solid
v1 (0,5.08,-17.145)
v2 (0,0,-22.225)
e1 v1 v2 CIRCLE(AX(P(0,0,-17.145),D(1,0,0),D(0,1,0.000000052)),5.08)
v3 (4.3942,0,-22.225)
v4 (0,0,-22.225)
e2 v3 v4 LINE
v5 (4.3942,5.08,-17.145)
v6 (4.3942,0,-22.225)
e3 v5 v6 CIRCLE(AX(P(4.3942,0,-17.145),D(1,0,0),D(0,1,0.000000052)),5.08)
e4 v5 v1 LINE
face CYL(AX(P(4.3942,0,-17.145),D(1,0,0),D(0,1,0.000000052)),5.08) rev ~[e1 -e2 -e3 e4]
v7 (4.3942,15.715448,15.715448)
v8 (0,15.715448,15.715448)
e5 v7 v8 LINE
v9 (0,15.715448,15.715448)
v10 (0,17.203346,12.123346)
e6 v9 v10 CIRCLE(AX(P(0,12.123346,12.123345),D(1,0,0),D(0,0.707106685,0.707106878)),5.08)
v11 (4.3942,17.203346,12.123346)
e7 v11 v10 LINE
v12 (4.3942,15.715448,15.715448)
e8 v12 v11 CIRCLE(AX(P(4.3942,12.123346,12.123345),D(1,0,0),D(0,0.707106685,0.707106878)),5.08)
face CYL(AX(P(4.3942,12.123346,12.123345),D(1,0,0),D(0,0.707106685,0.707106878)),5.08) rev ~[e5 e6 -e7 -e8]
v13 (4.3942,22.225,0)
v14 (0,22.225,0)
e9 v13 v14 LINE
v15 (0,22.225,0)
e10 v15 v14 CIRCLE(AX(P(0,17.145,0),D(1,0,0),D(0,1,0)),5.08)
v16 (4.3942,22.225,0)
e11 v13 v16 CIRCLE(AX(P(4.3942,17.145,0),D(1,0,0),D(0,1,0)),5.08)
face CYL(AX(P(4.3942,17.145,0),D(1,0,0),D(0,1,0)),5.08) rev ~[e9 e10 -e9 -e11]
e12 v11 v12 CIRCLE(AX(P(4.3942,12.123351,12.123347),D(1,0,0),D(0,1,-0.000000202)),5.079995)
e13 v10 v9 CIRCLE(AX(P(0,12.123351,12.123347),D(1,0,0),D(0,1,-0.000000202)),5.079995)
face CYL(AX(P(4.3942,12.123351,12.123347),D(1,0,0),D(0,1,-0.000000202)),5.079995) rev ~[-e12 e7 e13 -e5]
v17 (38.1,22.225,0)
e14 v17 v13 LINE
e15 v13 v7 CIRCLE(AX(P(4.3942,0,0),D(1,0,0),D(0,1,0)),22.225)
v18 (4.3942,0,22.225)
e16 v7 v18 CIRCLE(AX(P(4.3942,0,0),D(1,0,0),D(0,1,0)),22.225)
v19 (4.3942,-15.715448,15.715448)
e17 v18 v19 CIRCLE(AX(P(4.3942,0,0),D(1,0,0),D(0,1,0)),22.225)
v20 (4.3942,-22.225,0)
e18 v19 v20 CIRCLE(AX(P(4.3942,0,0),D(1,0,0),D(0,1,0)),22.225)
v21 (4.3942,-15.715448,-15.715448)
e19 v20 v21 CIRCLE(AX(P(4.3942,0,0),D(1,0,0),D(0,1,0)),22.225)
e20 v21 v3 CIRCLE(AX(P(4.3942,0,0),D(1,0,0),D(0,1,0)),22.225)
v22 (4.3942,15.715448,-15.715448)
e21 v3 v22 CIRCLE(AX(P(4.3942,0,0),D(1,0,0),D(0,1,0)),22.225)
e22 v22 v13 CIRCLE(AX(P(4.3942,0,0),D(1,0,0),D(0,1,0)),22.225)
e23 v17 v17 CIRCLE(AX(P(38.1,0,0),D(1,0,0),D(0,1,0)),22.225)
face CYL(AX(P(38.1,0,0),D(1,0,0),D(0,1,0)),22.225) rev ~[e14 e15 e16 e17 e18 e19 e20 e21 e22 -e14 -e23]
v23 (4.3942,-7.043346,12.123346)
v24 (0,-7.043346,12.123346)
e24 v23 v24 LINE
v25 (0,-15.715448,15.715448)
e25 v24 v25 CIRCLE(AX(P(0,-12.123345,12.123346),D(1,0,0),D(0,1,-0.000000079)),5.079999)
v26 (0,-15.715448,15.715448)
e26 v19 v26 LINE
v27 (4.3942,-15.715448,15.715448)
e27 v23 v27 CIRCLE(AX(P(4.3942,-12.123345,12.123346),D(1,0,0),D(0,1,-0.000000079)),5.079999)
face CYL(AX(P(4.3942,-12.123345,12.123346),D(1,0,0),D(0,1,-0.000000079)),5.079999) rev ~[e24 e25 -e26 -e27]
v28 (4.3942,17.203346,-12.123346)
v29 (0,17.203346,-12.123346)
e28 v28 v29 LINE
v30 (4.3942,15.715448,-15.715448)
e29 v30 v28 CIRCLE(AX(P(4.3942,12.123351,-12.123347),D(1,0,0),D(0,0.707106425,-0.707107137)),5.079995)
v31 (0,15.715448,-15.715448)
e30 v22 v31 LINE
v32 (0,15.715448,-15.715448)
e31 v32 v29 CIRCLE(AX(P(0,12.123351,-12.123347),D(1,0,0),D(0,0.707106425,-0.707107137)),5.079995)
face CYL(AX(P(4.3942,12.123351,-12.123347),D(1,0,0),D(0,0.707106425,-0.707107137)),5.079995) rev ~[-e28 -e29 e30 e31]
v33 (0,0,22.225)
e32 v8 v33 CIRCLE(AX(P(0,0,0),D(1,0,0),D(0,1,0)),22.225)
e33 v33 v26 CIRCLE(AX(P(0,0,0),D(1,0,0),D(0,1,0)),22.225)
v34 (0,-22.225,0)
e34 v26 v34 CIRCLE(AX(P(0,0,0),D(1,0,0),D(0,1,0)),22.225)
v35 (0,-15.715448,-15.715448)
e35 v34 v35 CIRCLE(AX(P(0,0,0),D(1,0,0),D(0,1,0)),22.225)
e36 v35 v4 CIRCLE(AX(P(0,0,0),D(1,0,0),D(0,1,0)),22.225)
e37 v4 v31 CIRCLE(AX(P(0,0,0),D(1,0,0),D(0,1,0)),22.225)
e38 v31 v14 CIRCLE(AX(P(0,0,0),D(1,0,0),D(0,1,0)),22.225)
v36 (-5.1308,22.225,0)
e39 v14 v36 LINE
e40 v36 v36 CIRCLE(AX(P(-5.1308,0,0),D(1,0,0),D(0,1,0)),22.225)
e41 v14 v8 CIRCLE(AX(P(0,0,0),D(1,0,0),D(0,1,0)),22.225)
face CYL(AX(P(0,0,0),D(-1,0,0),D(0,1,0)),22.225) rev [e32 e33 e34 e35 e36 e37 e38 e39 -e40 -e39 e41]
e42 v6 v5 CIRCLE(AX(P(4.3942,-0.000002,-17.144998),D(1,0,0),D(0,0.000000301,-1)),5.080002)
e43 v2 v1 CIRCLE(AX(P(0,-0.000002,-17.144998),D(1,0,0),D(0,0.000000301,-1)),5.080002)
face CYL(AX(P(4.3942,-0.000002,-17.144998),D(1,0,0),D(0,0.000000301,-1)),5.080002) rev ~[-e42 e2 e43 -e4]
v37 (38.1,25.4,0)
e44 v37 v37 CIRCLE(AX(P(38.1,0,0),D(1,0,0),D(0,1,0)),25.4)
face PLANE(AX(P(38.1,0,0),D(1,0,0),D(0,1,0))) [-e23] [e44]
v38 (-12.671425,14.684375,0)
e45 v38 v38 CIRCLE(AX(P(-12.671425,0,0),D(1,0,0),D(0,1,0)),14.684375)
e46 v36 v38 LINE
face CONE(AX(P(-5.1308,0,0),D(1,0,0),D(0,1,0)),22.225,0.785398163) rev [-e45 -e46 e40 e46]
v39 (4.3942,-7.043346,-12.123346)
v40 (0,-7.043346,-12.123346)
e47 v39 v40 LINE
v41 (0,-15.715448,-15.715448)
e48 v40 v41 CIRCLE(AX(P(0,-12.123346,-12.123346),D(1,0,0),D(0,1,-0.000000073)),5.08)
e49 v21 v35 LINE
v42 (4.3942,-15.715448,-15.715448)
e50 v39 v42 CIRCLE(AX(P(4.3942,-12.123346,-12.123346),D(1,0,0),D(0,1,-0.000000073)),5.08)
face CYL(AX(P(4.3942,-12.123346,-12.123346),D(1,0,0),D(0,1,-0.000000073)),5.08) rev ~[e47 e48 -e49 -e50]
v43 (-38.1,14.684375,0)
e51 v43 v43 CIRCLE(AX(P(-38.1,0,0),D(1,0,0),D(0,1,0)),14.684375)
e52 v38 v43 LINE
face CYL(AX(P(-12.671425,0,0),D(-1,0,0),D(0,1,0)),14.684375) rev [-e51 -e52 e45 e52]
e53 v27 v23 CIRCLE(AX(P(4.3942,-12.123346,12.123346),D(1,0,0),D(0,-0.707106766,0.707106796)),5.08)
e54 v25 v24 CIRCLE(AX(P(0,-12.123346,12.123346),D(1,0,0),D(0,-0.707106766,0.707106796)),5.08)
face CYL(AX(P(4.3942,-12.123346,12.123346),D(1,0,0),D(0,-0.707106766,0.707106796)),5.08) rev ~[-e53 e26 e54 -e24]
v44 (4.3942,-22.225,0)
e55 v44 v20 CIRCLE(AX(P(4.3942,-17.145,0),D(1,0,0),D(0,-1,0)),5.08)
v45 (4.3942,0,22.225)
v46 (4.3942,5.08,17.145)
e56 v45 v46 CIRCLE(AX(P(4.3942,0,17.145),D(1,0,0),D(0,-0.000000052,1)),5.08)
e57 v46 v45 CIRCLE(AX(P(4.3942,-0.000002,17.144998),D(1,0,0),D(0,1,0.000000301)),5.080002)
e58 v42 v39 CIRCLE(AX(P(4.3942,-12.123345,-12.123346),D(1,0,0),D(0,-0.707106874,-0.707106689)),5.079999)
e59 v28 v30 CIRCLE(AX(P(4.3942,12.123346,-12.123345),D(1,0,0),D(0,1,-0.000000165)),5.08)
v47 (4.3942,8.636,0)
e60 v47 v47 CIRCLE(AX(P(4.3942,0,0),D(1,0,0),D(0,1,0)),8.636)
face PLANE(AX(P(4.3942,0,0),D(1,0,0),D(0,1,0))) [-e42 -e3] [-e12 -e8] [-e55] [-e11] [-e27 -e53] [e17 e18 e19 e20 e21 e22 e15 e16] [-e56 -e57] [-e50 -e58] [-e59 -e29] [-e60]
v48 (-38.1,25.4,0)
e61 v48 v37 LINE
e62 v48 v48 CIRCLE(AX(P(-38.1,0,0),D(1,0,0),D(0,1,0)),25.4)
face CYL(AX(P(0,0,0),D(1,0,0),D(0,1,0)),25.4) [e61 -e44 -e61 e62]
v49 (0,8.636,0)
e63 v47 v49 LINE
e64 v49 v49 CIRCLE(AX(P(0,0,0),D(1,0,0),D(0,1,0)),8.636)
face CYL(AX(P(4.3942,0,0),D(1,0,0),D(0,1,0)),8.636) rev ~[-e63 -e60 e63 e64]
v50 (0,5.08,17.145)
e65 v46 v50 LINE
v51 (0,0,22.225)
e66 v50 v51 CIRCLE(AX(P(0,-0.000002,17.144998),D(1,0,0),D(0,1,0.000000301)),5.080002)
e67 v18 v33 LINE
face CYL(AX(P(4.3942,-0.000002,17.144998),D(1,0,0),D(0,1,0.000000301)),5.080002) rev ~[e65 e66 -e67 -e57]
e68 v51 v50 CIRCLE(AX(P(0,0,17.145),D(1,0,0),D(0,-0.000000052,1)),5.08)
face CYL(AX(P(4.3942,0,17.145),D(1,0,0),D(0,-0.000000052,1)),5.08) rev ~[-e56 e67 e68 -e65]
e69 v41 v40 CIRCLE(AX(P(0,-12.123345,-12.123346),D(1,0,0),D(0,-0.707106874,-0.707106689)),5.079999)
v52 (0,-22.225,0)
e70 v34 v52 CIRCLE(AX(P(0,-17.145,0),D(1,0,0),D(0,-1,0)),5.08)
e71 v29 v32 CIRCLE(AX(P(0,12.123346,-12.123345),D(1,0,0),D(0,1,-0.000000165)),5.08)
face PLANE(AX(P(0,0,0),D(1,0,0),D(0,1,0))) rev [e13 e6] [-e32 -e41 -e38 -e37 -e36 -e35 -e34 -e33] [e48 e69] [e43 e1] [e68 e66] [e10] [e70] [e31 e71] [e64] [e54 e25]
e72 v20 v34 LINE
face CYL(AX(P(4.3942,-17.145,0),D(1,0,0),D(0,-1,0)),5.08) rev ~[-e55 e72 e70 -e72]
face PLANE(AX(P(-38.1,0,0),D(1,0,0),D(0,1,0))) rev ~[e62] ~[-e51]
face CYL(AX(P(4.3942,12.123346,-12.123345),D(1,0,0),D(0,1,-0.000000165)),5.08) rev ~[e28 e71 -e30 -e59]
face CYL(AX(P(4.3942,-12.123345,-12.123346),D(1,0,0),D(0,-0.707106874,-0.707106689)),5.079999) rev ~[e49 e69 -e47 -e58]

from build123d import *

# Parameters (mm, degrees)
F0_R     = 25.4
F1_DEPTH = 38.1
F2_R     = 22.225
F3_DEPTH = 33.7058
F4_R     = 5.08
F4_R_2   = 8.636
F5_DEPTH = 9.525


with BuildPart() as f1:
    # F0 (on Right) → F1 (new body, symmetric)
    with BuildSketch(Plane.YZ):
        Circle(F0_R)
    extrude(amount=F1_DEPTH, both=True)

    # F2 (on face) → F3 (cut)
    with BuildSketch(Plane.YZ.offset(38.1)):
        Circle(F2_R)
    extrude(amount=-F3_DEPTH, mode=Mode.SUBTRACT)

    # F4 (on face) → F5 (cut)
    with BuildSketch(Plane.YZ.offset(4.3942)):
        with BuildLine():
            ThreePointArc((-7.043346, 12.123346), (-10.179314, 16.816654), (-15.715448, 15.715448))
            ThreePointArc((-15.715448, 15.715448), (-14.067378, 7.430038), (-7.043346, 12.123346))
        make_face()
        with BuildLine():
            ThreePointArc((-12.065, 0), (-17.145, 5.08), (-22.225, 0))
            ThreePointArc((-22.225, 0), (-17.145, -5.08), (-12.065, 0))
        make_face()
        with BuildLine():
            ThreePointArc((-7.043346, -12.123346), (-14.067378, -7.430038), (-15.715448, -15.715448))
            ThreePointArc((-15.715448, -15.715448), (-10.179314, -16.816654), (-7.043346, -12.123346))
        make_face()
        with BuildLine():
            ThreePointArc((5.08, -17.145), (-3.592102, -13.552898), (0, -22.225))
            ThreePointArc((0, -22.225), (3.592102, -20.737102), (5.08, -17.145))
        make_face()
        with BuildLine():
            ThreePointArc((17.203346, -12.123346), (7.430038, -10.179314), (15.715448, -15.715448))
            ThreePointArc((15.715448, -15.715448), (16.816654, -14.067378), (17.203346, -12.123346))
        make_face()
        with Locations((17.145, 0)):
            Circle(F4_R)
        with BuildLine():
            ThreePointArc((17.203346, 12.123346), (16.816654, 14.067378), (15.715448, 15.715448))
            ThreePointArc((15.715448, 15.715448), (7.430038, 10.179314), (17.203346, 12.123346))
        make_face()
        with BuildLine():
            ThreePointArc((0, 22.225), (-3.592102, 13.552898), (5.08, 17.145))
            ThreePointArc((5.08, 17.145), (3.592102, 20.737102), (0, 22.225))
        make_face()
        Circle(F4_R_2)
    extrude(amount=-F5_DEPTH, mode=Mode.SUBTRACT)

    # F6 (on Top) → F7 (revolve, cut)
    with BuildSketch(Plane.XY):
        Polygon((0, 22.225), (-5.1308, 22.225), (-12.671425, 14.684375), (-38.1, 14.684375), (-38.1, 0), (0, 0), align=None)
    revolve(axis=Axis((0, 0, 0), (1, 0, 0)), mode=Mode.SUBTRACT)


solid = f1.part
